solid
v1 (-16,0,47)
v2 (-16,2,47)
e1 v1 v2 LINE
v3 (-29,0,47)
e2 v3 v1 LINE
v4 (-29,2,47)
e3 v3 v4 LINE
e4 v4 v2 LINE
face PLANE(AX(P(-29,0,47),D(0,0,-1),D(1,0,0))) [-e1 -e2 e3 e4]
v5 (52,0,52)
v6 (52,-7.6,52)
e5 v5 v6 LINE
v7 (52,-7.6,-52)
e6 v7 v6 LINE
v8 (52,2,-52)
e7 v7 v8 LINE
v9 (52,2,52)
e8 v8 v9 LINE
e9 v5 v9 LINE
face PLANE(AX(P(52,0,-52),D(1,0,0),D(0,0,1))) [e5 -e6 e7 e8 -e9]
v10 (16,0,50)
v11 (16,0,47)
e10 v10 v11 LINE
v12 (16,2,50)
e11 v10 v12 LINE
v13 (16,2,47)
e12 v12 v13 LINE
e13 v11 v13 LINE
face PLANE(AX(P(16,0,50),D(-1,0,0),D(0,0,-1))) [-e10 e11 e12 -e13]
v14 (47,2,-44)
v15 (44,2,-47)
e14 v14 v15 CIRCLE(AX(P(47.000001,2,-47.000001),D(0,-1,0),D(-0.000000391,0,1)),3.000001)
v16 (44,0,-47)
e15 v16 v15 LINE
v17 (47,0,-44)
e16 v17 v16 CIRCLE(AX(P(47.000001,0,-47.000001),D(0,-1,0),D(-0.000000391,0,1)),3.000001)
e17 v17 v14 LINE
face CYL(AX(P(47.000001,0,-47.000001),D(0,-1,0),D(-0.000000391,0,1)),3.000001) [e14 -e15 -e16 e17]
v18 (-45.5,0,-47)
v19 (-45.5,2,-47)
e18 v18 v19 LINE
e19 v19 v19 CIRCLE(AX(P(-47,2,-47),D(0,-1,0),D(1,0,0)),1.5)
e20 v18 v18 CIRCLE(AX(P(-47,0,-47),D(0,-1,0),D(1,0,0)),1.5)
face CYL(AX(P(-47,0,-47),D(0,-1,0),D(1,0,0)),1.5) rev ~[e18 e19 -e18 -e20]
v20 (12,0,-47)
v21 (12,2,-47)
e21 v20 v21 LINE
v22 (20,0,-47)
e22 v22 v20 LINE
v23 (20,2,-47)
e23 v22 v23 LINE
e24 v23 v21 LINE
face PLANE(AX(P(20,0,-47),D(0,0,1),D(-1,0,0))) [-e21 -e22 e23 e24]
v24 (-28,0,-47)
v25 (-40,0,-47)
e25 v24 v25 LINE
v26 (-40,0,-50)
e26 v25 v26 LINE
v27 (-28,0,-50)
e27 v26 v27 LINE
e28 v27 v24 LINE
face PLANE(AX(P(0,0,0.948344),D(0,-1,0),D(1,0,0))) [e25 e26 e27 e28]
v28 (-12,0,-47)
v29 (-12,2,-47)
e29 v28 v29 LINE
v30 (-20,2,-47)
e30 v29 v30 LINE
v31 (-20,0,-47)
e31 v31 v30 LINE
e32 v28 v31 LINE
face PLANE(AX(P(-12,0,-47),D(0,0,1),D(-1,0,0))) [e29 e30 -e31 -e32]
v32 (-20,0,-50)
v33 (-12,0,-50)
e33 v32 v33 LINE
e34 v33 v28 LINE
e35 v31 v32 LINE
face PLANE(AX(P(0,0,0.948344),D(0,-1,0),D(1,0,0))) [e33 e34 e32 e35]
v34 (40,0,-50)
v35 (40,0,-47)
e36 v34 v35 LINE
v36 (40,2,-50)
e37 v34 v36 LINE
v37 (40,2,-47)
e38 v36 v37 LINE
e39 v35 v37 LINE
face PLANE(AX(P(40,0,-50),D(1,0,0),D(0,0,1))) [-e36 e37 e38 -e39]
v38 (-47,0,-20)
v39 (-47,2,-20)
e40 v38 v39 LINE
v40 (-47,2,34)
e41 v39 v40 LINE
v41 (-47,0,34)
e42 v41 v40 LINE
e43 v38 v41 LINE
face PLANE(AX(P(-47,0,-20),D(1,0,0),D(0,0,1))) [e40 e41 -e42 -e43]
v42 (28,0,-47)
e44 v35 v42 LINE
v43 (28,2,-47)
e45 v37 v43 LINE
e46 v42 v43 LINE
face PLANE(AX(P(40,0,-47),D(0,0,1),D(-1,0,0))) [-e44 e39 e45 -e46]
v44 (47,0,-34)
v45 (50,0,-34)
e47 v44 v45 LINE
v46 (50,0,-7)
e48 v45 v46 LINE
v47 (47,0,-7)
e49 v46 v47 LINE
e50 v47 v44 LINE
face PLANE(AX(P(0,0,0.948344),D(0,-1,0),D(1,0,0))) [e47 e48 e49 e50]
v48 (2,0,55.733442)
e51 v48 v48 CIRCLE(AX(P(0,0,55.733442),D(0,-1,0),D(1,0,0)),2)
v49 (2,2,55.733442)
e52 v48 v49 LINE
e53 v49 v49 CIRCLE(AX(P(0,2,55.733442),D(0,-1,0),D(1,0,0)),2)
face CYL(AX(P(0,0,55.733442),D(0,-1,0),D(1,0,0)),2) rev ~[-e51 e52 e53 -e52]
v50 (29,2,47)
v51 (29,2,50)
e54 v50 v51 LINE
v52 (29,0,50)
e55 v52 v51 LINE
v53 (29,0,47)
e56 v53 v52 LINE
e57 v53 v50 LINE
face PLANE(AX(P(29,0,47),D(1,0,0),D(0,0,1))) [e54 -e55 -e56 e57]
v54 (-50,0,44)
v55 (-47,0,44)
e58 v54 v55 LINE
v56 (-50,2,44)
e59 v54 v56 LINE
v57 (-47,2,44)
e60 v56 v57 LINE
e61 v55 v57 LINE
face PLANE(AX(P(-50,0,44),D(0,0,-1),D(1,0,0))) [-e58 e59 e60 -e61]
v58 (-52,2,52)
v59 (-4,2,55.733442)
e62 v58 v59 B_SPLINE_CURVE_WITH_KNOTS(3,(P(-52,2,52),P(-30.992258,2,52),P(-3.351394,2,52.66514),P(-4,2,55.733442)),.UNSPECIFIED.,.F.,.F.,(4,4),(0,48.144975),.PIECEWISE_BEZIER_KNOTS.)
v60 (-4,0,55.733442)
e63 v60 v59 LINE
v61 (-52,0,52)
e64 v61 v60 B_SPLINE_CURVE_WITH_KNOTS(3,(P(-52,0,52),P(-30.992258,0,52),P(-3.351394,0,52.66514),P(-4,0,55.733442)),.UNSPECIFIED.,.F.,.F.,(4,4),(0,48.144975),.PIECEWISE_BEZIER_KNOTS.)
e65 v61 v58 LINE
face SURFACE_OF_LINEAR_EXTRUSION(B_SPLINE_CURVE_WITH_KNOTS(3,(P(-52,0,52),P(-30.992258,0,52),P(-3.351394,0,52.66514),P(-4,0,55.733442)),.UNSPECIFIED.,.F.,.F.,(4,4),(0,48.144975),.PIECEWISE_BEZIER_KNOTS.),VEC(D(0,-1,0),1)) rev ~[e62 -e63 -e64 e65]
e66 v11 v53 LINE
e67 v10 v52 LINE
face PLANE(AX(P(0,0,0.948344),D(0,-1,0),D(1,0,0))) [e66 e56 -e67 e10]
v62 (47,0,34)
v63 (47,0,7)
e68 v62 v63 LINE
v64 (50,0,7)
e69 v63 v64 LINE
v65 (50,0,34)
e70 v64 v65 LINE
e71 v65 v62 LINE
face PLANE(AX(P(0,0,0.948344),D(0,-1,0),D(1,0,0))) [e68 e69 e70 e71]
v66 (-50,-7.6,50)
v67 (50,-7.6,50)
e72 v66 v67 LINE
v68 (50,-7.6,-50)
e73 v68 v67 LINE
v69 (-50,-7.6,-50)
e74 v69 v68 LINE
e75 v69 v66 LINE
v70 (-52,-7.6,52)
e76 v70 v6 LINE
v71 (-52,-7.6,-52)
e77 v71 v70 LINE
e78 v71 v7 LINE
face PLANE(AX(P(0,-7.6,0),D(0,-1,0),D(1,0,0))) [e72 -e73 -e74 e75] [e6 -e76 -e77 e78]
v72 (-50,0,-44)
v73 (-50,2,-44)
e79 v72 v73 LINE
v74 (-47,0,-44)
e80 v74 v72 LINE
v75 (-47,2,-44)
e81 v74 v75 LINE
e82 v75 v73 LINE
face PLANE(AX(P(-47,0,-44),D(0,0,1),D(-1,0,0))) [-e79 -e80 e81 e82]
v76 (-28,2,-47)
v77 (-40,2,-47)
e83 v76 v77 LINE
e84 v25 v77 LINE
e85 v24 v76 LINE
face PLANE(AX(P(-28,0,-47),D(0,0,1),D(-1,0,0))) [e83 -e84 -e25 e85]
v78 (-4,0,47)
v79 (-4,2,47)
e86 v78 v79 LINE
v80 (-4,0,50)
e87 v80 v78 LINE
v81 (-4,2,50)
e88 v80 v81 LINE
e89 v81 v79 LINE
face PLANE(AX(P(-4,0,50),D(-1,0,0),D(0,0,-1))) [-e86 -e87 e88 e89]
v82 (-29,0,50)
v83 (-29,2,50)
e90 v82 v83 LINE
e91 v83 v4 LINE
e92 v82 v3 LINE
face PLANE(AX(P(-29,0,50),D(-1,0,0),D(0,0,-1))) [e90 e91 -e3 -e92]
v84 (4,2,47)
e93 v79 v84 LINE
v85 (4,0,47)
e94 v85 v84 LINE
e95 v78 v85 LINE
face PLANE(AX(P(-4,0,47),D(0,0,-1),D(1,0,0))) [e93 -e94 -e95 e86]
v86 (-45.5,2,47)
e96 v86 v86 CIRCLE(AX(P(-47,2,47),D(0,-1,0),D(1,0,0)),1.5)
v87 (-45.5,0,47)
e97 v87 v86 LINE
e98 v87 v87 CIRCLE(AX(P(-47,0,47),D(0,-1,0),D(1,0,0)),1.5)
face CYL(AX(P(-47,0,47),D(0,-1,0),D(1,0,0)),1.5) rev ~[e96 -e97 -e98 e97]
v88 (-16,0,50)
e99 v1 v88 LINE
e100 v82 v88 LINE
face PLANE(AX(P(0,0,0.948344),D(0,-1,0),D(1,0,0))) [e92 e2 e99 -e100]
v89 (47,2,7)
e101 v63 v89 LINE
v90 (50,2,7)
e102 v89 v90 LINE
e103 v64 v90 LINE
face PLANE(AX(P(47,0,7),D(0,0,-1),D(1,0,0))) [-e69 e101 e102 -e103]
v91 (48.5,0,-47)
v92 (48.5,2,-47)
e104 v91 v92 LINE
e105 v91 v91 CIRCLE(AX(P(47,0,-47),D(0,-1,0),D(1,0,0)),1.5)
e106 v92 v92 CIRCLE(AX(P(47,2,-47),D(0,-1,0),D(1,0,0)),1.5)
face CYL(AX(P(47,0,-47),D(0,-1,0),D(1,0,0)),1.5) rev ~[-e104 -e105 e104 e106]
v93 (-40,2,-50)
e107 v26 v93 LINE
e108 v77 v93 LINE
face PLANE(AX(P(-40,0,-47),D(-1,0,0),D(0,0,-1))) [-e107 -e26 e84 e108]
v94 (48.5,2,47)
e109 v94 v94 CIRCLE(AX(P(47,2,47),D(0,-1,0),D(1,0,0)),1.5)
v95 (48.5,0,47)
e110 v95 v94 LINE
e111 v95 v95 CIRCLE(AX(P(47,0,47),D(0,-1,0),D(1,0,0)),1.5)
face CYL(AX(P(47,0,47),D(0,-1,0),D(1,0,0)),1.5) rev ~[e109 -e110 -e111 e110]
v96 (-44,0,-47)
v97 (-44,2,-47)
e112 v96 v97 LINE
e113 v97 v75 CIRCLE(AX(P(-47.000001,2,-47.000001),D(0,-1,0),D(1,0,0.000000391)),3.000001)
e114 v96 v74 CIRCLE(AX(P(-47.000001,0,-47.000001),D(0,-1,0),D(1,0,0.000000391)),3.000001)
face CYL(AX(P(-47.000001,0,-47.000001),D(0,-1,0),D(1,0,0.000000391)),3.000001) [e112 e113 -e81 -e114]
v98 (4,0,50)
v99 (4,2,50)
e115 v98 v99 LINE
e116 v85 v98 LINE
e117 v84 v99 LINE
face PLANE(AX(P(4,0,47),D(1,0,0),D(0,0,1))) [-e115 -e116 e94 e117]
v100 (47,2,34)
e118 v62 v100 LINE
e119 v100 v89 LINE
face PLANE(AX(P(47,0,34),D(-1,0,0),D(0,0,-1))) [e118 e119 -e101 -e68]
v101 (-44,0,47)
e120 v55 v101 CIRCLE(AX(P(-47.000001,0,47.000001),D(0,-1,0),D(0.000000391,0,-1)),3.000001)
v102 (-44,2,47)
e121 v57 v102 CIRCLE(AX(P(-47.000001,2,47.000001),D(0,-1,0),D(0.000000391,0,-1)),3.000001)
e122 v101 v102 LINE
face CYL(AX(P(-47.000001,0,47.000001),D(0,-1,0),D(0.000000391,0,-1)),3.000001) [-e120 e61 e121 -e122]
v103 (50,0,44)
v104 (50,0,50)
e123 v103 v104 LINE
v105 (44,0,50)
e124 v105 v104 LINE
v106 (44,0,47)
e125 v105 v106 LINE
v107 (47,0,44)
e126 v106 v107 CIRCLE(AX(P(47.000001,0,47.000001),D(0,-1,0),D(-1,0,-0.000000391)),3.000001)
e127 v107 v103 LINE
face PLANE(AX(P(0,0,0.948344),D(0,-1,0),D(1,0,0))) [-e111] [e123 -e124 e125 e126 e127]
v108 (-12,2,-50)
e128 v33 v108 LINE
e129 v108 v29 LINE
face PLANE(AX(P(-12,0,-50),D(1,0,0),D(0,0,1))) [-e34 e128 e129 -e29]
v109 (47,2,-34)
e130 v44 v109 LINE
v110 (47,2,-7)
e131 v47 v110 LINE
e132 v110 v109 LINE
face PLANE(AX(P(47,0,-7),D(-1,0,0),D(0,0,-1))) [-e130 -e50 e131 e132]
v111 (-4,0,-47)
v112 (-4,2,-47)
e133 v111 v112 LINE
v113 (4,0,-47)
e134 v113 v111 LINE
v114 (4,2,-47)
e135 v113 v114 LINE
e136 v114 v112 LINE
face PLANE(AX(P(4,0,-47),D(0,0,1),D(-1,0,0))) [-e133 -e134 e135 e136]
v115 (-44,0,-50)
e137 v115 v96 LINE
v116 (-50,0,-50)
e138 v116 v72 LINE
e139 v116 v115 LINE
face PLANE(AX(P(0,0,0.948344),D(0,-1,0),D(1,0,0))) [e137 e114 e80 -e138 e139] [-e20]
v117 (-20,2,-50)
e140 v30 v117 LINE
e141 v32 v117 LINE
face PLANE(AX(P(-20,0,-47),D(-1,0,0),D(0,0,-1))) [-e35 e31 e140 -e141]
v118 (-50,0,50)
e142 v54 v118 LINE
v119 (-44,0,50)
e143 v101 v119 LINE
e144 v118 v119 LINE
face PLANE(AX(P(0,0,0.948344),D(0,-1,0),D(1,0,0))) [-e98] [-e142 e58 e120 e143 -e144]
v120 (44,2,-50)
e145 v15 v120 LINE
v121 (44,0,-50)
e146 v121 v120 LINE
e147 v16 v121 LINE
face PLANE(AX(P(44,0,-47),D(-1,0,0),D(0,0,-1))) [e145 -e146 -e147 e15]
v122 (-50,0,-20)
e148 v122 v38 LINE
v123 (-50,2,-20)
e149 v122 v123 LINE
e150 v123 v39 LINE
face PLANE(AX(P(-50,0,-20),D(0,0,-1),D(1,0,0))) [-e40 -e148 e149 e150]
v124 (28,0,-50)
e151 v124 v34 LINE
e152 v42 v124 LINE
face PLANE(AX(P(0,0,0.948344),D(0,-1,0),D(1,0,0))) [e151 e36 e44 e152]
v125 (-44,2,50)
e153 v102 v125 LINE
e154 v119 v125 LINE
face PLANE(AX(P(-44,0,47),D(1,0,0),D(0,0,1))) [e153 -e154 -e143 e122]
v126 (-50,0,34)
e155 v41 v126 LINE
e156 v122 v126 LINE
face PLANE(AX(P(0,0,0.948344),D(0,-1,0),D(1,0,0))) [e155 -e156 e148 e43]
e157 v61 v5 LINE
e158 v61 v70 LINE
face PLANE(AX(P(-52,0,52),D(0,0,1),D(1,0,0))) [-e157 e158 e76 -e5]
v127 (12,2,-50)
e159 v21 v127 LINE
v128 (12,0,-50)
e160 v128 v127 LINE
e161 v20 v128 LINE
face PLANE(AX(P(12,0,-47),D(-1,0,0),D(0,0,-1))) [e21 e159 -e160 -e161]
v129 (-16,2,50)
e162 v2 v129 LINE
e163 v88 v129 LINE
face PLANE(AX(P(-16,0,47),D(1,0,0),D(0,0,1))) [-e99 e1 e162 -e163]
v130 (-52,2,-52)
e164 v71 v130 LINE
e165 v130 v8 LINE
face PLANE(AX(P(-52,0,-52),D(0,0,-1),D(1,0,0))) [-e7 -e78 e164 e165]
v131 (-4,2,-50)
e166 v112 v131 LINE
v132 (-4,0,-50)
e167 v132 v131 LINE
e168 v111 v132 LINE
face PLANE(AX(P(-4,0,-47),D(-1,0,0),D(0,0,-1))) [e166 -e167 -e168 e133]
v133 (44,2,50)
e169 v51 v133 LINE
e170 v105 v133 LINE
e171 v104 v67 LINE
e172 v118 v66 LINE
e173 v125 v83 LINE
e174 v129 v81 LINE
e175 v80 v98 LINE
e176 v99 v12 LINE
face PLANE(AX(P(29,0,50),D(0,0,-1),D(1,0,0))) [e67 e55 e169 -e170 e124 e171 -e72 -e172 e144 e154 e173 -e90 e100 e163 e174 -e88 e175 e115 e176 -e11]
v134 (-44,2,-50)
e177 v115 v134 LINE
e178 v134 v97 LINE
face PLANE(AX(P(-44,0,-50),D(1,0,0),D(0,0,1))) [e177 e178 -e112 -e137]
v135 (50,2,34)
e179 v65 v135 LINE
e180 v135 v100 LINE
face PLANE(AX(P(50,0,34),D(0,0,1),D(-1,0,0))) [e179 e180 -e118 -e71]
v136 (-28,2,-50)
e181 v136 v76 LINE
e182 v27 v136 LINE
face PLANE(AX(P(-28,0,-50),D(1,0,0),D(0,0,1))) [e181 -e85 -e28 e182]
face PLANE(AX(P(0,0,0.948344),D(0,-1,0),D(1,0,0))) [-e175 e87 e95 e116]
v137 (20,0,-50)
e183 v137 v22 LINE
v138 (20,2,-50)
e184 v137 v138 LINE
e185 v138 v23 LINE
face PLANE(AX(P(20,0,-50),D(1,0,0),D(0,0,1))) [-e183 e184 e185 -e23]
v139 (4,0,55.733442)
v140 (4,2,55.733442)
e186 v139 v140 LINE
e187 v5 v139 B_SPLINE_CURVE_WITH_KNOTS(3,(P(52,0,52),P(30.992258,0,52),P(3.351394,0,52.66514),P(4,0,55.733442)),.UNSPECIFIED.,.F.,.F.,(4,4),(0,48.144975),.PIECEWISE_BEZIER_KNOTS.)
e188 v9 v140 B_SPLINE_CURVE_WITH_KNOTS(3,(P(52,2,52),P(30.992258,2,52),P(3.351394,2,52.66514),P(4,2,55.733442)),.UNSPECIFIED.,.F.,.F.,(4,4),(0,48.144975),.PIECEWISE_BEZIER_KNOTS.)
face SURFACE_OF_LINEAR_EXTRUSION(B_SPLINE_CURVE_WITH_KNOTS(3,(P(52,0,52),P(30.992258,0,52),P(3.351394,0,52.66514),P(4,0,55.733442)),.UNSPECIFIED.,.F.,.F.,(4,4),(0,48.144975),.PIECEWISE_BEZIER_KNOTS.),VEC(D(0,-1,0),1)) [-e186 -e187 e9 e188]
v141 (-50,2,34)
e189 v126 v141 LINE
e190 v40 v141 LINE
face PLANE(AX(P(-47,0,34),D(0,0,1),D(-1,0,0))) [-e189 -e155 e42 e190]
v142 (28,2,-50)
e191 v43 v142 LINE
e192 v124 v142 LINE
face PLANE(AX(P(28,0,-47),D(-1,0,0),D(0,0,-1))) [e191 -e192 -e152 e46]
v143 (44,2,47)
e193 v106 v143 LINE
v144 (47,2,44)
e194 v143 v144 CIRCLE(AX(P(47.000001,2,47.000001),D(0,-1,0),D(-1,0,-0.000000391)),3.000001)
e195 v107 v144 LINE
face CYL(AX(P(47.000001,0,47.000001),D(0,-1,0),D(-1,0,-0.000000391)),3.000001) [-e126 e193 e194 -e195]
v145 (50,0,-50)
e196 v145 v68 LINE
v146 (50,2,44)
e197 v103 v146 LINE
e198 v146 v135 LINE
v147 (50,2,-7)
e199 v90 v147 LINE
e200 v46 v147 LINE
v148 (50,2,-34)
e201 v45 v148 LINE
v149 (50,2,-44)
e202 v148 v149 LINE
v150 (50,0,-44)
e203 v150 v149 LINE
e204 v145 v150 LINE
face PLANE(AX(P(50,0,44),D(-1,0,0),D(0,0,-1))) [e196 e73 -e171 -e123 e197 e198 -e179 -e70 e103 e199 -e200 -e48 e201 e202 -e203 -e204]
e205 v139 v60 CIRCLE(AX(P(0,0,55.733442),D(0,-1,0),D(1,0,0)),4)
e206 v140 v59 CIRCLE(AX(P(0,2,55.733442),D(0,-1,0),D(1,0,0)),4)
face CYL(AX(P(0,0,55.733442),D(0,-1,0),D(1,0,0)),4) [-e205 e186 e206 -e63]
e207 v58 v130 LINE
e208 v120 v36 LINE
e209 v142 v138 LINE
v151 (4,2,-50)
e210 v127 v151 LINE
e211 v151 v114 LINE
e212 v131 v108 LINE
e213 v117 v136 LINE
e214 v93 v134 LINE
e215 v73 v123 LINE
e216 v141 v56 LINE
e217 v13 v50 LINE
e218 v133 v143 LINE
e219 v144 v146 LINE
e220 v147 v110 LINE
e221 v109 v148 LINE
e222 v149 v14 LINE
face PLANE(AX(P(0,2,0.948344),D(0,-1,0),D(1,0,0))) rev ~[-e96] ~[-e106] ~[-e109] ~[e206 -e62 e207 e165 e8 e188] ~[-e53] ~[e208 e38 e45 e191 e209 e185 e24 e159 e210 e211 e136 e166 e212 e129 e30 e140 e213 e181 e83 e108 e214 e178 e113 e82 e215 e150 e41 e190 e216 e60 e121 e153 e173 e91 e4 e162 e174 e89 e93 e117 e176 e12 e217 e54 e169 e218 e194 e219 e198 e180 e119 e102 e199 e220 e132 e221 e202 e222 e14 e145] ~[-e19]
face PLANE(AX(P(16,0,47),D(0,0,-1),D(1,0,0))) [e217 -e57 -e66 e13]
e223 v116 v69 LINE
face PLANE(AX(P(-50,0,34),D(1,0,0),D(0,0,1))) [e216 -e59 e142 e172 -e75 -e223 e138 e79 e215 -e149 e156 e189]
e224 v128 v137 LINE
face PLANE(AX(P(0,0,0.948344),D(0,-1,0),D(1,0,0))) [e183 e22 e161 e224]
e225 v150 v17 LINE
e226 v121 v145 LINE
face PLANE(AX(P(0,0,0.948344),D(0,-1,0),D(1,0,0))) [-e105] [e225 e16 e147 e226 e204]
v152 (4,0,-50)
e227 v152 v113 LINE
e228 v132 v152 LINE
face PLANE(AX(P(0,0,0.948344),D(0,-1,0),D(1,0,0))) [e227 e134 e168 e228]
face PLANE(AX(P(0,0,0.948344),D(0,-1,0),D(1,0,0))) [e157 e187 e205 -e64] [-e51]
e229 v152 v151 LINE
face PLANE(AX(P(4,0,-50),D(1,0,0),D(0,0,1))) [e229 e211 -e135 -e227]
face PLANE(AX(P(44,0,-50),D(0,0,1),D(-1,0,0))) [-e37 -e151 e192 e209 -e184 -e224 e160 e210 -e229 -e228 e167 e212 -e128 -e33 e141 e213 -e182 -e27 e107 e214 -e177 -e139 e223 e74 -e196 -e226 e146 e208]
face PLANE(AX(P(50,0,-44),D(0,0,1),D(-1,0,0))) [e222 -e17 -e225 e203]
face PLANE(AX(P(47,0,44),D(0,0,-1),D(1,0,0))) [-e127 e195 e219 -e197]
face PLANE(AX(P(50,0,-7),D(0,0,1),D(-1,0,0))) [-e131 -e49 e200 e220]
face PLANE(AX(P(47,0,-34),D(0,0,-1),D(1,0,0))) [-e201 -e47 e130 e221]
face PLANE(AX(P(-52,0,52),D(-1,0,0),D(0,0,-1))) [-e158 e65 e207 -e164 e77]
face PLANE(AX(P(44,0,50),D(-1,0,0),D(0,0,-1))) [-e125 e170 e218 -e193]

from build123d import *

# Parameters (mm, degrees)
F0_W     = 104
F0_H     = 104
F0_W_2   = 100
F0_H_2   = 100
F1_DEPTH = 7.6
F2_R     = 1.5
F2_R_2   = 2
F3_DEPTH = 2


with BuildPart() as f1:
    # F0 (on Front) → F1 (new body)
    with BuildSketch(Plane.XZ):
        Rectangle(F0_W, F0_H)
        Rectangle(F0_W_2, F0_H_2, mode=Mode.SUBTRACT)
    extrude(amount=F1_DEPTH)

    # F2 (on Front) → F3 (join)
    with BuildSketch(Plane.XZ):
        with BuildLine():
            Line((52, -52), (52, 52))
            add(Edge.make_bspline(
                [(52, 52), (30.992258, 52), (3.351394, 52.66514), (4, 55.733442)],
                knots=[0, 0, 0, 0, 48.144975, 48.144975, 48.144975, 48.144975], degree=3))
            ThreePointArc((4, 55.733442), (0, 59.733442), (-4, 55.733442))
            add(Edge.make_bspline(
                [(-52, 52), (-30.992258, 52), (-3.351394, 52.66514), (-4, 55.733442)],
                knots=[0, 0, 0, 0, 48.144975, 48.144975, 48.144975, 48.144975], degree=3))
            Line((-52, 52), (-52, -52))
            Line((-52, -52), (52, -52))
        make_face()
        with Locations((-47, -47)):
            Circle(F2_R, mode=Mode.SUBTRACT)
        with Locations((47, -47)):
            Circle(F2_R, mode=Mode.SUBTRACT)
        with BuildLine():
            ThreePointArc((44, 47), (44.87868, 44.87868), (47, 44))
            Line((47, 44), (50, 44))
            Line((50, 44), (50, 34))
            Line((50, 34), (47, 34))
            Line((47, 34), (47, 7))
            Line((47, 7), (50, 7))
            Line((50, 7), (50, -7))
            Line((50, -7), (47, -7))
            Line((47, -7), (47, -34))
            Line((47, -34), (50, -34))
            Line((50, -34), (50, -44))
            Line((50, -44), (47, -44))
            ThreePointArc((47, -44), (44.87868, -44.87868), (44, -47))
            Line((44, -47), (44, -50))
            Line((44, -50), (40, -50))
            Line((40, -50), (40, -47))
            Line((40, -47), (28, -47))
            Line((28, -47), (28, -50))
            Line((28, -50), (20, -50))
            Line((20, -50), (20, -47))
            Line((20, -47), (12, -47))
            Line((12, -47), (12, -50))
            Line((12, -50), (4, -50))
            Line((4, -50), (4, -47))
            Line((4, -47), (-4, -47))
            Line((-4, -47), (-4, -50))
            Line((-4, -50), (-12, -50))
            Line((-12, -50), (-12, -47))
            Line((-12, -47), (-20, -47))
            Line((-20, -47), (-20, -50))
            Line((-20, -50), (-28, -50))
            Line((-28, -50), (-28, -47))
            Line((-28, -47), (-40, -47))
            Line((-40, -47), (-40, -50))
            Line((-40, -50), (-44, -50))
            Line((-44, -50), (-44, -47))
            ThreePointArc((-44, -47), (-44.87868, -44.87868), (-47, -44))
            Line((-47, -44), (-50, -44))
            Line((-50, -44), (-50, -20))
            Line((-50, -20), (-47, -20))
            Line((-47, -20), (-47, 34))
            Line((-47, 34), (-50, 34))
            Line((-50, 34), (-50, 44))
            Line((-50, 44), (-47, 44))
            ThreePointArc((-47, 44), (-44.87868, 44.87868), (-44, 47))
            Line((-44, 47), (-44, 50))
            Line((-44, 50), (-29, 50))
            Line((-29, 50), (-29, 47))
            Line((-29, 47), (-16, 47))
            Line((-16, 47), (-16, 50))
            Line((-16, 50), (-4, 50))
            Line((-4, 50), (-4, 47))
            Line((-4, 47), (4, 47))
            Line((4, 47), (4, 50))
            Line((4, 50), (16, 50))
            Line((16, 50), (16, 47))
            Line((16, 47), (29, 47))
            Line((29, 47), (29, 50))
            Line((29, 50), (44, 50))
            Line((44, 50), (44, 47))
        make_face(mode=Mode.SUBTRACT)
        with Locations((-47, 47)):
            Circle(F2_R, mode=Mode.SUBTRACT)
        with Locations((0, 55.733442)):
            Circle(F2_R_2, mode=Mode.SUBTRACT)
        with Locations((47, 47)):
            Circle(F2_R, mode=Mode.SUBTRACT)
    extrude(amount=-F3_DEPTH)


solid = f1.part
